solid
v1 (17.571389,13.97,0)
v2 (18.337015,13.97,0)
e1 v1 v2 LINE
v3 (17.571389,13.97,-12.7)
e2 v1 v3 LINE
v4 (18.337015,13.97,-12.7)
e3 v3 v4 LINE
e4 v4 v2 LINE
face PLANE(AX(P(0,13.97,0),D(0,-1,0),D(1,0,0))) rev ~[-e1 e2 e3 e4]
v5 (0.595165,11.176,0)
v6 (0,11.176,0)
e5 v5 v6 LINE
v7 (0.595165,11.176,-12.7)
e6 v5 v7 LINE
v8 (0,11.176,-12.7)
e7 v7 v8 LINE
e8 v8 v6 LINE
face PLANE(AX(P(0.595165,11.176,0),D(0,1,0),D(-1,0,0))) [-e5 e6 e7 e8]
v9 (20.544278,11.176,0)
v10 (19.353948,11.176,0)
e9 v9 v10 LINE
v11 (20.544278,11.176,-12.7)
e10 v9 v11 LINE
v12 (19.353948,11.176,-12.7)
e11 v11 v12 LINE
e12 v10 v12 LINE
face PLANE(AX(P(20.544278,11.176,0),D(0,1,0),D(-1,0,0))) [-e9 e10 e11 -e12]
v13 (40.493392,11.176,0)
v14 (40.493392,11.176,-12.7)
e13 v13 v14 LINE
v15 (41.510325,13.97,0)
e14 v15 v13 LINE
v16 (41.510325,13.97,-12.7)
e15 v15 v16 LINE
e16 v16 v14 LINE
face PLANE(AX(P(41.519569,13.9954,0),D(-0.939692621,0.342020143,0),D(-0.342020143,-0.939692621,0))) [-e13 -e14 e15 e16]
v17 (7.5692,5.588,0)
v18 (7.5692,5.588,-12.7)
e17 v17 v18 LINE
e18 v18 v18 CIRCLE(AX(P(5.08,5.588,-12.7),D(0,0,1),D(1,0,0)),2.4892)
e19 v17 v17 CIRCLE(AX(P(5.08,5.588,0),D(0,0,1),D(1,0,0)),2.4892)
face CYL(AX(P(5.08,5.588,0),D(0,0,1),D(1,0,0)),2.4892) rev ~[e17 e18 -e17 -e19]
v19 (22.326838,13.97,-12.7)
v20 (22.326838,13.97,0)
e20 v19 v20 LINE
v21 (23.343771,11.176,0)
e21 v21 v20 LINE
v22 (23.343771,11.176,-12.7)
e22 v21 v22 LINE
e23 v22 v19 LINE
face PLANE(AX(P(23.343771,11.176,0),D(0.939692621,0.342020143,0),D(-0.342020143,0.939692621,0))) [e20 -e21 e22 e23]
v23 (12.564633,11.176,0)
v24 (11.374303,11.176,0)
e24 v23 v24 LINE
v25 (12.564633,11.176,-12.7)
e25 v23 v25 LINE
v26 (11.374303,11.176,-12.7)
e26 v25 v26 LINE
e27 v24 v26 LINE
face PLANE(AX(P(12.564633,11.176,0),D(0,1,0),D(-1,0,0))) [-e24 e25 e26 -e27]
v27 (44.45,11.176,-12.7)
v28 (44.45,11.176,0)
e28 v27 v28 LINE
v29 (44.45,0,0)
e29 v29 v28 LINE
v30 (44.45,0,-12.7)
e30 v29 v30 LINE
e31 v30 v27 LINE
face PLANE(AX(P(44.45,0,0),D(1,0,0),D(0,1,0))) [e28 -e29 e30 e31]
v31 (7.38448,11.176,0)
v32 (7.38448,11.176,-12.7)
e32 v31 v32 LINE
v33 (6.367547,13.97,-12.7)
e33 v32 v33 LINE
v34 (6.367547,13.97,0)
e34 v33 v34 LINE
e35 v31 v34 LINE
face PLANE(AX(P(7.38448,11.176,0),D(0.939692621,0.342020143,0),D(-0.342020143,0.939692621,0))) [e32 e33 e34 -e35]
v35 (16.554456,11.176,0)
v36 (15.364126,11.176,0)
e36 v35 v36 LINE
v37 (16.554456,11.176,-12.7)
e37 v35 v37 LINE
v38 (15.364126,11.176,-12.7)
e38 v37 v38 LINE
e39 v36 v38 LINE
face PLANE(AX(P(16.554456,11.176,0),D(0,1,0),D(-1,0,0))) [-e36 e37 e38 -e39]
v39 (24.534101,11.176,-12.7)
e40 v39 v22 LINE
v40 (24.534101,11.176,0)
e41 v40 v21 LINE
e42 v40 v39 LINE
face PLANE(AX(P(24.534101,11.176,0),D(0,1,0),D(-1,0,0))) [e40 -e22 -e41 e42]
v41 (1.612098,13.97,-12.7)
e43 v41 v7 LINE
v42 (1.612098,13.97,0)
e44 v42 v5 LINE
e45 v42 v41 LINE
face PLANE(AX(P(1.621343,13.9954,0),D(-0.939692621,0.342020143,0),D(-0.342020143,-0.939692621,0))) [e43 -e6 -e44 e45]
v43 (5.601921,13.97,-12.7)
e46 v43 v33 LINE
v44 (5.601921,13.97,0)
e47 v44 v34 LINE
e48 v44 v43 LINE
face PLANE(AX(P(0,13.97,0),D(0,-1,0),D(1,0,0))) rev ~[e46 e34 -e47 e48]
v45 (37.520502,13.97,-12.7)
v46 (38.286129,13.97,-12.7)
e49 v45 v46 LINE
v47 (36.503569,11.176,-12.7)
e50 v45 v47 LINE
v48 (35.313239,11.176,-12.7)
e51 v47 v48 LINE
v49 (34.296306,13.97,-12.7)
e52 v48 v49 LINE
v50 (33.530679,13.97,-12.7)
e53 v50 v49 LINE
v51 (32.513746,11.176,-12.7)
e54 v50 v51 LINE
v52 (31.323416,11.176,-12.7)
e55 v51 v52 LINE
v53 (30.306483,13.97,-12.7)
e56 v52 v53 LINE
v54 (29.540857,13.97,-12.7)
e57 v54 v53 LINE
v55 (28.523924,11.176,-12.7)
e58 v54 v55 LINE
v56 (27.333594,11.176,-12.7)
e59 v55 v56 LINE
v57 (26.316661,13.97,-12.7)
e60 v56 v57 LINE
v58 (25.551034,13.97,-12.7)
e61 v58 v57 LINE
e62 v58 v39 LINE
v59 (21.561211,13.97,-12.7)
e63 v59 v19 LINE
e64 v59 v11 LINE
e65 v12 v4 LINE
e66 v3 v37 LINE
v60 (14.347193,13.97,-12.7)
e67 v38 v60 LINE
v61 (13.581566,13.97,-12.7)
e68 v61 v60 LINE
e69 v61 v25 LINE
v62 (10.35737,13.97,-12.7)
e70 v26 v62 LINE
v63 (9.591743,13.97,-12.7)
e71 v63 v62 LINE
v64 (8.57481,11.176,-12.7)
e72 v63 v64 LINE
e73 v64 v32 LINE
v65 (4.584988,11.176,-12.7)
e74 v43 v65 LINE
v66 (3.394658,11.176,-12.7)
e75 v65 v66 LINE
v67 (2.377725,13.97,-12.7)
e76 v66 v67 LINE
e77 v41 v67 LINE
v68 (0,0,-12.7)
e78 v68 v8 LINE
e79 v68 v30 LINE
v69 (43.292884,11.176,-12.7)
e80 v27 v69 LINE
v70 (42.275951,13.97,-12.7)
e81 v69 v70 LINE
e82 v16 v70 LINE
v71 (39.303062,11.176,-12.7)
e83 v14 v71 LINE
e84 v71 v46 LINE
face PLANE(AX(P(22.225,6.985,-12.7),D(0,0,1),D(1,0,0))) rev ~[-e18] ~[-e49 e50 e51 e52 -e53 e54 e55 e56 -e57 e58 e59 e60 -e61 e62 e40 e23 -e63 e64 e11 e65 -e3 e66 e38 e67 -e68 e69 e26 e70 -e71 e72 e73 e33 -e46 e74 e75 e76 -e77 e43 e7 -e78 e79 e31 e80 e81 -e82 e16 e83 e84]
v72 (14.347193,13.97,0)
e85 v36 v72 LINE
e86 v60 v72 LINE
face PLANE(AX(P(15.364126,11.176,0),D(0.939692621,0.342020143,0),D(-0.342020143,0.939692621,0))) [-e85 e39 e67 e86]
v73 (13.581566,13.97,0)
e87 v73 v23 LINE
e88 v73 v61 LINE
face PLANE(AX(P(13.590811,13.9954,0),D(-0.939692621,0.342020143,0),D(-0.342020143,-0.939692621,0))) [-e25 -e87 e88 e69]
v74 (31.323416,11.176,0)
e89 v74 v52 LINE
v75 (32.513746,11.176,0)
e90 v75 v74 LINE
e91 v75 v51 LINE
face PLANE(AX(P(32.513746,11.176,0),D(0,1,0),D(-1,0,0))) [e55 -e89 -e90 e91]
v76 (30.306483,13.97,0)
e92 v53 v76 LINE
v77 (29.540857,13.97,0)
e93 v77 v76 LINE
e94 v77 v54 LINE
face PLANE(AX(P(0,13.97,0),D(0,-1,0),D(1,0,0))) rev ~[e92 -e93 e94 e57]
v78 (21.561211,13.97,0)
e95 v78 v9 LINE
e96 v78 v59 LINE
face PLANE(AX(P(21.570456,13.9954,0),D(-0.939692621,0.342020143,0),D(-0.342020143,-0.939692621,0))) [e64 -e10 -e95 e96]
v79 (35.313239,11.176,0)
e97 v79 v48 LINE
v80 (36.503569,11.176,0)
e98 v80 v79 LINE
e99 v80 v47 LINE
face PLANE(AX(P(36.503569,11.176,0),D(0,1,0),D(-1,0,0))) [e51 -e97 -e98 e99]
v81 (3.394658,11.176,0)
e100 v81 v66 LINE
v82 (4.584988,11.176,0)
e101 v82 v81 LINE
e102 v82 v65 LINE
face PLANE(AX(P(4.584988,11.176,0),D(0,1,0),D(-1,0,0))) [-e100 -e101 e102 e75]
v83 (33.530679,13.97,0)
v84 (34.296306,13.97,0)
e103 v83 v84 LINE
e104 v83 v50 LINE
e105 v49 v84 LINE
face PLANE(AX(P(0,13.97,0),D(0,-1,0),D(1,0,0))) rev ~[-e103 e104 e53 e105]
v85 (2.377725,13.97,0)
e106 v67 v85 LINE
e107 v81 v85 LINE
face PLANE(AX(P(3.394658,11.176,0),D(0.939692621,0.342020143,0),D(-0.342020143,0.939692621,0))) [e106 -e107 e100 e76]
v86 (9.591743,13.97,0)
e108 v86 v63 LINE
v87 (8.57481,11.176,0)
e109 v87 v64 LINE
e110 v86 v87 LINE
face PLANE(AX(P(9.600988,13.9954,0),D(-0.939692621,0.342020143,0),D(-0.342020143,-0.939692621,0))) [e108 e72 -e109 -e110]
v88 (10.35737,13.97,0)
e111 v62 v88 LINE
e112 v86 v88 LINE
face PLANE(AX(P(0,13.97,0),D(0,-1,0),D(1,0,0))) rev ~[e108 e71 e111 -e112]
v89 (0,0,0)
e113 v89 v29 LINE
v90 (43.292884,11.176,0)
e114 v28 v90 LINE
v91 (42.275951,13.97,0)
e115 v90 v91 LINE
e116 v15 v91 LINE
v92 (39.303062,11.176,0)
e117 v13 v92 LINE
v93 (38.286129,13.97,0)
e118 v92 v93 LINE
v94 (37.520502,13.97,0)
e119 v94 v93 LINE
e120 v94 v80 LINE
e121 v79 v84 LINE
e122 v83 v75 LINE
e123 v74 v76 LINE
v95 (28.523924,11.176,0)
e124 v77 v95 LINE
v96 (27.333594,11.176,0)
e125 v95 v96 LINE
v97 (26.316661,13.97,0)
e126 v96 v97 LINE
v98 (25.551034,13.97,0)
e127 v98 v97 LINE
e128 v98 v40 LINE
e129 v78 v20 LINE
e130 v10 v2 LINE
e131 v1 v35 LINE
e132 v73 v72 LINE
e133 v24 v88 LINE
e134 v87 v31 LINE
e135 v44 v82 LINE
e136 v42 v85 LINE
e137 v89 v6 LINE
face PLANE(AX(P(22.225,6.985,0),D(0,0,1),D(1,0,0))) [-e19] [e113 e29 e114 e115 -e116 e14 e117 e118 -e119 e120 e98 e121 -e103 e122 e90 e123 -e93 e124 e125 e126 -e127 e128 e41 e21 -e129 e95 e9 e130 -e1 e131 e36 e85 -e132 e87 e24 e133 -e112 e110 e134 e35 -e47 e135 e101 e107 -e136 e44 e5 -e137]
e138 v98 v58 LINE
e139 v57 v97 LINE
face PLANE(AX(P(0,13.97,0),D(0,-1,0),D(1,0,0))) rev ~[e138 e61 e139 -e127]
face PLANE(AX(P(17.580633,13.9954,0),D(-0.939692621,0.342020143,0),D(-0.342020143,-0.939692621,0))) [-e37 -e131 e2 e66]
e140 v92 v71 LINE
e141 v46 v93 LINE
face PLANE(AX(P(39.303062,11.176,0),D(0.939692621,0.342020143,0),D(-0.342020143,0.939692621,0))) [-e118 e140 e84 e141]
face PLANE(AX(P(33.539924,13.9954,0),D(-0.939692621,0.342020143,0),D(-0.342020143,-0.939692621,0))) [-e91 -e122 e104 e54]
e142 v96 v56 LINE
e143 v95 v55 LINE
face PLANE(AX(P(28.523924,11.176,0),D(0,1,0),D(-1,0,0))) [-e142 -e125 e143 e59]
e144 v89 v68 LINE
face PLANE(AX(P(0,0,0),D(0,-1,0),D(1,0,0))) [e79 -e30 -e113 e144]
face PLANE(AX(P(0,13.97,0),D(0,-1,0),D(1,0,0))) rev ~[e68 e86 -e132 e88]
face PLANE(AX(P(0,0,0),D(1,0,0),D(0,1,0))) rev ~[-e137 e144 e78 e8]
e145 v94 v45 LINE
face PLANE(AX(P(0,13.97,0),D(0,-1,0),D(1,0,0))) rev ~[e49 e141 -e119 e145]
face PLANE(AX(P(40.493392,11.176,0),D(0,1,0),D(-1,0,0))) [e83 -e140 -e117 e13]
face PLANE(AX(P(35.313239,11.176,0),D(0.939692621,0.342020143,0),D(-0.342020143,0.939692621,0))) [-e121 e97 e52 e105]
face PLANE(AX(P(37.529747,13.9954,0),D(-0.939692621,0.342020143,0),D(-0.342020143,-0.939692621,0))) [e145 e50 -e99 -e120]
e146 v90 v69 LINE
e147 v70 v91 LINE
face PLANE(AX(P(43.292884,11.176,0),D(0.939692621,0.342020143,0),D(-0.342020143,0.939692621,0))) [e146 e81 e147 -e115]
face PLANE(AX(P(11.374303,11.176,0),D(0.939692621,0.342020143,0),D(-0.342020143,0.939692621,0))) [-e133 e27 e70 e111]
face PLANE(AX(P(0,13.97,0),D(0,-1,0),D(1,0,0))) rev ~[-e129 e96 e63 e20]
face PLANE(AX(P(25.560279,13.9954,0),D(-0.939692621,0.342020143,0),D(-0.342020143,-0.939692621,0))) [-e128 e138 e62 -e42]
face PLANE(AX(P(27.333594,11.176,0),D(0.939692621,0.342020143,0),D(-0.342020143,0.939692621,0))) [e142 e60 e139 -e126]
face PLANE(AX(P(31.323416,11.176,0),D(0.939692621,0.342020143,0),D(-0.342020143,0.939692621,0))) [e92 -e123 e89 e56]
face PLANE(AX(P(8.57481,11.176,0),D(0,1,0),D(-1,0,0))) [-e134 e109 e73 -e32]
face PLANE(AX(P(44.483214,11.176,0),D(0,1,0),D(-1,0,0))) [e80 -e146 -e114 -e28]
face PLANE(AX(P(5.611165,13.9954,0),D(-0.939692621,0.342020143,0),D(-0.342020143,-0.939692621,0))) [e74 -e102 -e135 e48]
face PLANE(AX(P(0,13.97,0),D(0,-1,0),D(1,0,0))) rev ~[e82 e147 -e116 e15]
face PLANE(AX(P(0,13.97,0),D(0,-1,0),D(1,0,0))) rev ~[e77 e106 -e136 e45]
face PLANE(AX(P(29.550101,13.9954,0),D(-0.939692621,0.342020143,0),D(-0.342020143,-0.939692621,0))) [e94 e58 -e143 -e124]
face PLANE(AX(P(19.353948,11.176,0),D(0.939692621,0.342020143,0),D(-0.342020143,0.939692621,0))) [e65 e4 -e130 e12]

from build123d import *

# Parameters (mm, degrees)
BLANKSKE_W         = 44.45
BLANKSKE_H         = 13.97
BLANK_DEPTH        = 12.7
TOOTHCUTSIM_DEPTH  = 49.293409488
TEETHCUTS_COUNT    = 12
TEETHCUTS_PITCH    = 3.989822665
CUT_EXTRUDE1_REACH = 50.293
SKETCH1_R          = 2.4892


with BuildPart() as part:
    # BlankSke → Blank (new body)
    with BuildSketch(Plane.XY):
        with Locations((22.225, 6.985)):
            Rectangle(BLANKSKE_W, BLANKSKE_H)
    extrude(amount=-BLANK_DEPTH)

    # TooCutSkeSim → ToothCutSim (cut, through all)
    with BuildSketch(Plane.XY):
        Polygon((0.595165029, 11.176), (-0.595165029, 11.176), (-1.621342708, 13.9954), (1.621342708, 13.9954), align=None)
    toothcutsim = extrude(amount=-TOOTHCUTSIM_DEPTH, mode=Mode.SUBTRACT)

    # TeethCuts: ToothCutSim ×12
    with Locations(*[(i * TEETHCUTS_PITCH, 0, 0) for i in range(1, TEETHCUTS_COUNT)]):
        add(toothcutsim, mode=Mode.SUBTRACT)

    # Sketch1 → Cut-Extrude1 (cut, up to next)
    with BuildSketch(Plane.XY, mode=Mode.PRIVATE) as cut_extrude1_sk1:
        with Locations((5.08, 5.588)):
            Circle(SKETCH1_R)
    cut_extrude1_tool1 = extrude(cut_extrude1_sk1.sketch, amount=-CUT_EXTRUDE1_REACH, mode=Mode.PRIVATE) & part.part
    add(cut_extrude1_tool1.solids().sort_by_distance((5.08, 5.588, 0))[0], mode=Mode.SUBTRACT)


solid = part.part
